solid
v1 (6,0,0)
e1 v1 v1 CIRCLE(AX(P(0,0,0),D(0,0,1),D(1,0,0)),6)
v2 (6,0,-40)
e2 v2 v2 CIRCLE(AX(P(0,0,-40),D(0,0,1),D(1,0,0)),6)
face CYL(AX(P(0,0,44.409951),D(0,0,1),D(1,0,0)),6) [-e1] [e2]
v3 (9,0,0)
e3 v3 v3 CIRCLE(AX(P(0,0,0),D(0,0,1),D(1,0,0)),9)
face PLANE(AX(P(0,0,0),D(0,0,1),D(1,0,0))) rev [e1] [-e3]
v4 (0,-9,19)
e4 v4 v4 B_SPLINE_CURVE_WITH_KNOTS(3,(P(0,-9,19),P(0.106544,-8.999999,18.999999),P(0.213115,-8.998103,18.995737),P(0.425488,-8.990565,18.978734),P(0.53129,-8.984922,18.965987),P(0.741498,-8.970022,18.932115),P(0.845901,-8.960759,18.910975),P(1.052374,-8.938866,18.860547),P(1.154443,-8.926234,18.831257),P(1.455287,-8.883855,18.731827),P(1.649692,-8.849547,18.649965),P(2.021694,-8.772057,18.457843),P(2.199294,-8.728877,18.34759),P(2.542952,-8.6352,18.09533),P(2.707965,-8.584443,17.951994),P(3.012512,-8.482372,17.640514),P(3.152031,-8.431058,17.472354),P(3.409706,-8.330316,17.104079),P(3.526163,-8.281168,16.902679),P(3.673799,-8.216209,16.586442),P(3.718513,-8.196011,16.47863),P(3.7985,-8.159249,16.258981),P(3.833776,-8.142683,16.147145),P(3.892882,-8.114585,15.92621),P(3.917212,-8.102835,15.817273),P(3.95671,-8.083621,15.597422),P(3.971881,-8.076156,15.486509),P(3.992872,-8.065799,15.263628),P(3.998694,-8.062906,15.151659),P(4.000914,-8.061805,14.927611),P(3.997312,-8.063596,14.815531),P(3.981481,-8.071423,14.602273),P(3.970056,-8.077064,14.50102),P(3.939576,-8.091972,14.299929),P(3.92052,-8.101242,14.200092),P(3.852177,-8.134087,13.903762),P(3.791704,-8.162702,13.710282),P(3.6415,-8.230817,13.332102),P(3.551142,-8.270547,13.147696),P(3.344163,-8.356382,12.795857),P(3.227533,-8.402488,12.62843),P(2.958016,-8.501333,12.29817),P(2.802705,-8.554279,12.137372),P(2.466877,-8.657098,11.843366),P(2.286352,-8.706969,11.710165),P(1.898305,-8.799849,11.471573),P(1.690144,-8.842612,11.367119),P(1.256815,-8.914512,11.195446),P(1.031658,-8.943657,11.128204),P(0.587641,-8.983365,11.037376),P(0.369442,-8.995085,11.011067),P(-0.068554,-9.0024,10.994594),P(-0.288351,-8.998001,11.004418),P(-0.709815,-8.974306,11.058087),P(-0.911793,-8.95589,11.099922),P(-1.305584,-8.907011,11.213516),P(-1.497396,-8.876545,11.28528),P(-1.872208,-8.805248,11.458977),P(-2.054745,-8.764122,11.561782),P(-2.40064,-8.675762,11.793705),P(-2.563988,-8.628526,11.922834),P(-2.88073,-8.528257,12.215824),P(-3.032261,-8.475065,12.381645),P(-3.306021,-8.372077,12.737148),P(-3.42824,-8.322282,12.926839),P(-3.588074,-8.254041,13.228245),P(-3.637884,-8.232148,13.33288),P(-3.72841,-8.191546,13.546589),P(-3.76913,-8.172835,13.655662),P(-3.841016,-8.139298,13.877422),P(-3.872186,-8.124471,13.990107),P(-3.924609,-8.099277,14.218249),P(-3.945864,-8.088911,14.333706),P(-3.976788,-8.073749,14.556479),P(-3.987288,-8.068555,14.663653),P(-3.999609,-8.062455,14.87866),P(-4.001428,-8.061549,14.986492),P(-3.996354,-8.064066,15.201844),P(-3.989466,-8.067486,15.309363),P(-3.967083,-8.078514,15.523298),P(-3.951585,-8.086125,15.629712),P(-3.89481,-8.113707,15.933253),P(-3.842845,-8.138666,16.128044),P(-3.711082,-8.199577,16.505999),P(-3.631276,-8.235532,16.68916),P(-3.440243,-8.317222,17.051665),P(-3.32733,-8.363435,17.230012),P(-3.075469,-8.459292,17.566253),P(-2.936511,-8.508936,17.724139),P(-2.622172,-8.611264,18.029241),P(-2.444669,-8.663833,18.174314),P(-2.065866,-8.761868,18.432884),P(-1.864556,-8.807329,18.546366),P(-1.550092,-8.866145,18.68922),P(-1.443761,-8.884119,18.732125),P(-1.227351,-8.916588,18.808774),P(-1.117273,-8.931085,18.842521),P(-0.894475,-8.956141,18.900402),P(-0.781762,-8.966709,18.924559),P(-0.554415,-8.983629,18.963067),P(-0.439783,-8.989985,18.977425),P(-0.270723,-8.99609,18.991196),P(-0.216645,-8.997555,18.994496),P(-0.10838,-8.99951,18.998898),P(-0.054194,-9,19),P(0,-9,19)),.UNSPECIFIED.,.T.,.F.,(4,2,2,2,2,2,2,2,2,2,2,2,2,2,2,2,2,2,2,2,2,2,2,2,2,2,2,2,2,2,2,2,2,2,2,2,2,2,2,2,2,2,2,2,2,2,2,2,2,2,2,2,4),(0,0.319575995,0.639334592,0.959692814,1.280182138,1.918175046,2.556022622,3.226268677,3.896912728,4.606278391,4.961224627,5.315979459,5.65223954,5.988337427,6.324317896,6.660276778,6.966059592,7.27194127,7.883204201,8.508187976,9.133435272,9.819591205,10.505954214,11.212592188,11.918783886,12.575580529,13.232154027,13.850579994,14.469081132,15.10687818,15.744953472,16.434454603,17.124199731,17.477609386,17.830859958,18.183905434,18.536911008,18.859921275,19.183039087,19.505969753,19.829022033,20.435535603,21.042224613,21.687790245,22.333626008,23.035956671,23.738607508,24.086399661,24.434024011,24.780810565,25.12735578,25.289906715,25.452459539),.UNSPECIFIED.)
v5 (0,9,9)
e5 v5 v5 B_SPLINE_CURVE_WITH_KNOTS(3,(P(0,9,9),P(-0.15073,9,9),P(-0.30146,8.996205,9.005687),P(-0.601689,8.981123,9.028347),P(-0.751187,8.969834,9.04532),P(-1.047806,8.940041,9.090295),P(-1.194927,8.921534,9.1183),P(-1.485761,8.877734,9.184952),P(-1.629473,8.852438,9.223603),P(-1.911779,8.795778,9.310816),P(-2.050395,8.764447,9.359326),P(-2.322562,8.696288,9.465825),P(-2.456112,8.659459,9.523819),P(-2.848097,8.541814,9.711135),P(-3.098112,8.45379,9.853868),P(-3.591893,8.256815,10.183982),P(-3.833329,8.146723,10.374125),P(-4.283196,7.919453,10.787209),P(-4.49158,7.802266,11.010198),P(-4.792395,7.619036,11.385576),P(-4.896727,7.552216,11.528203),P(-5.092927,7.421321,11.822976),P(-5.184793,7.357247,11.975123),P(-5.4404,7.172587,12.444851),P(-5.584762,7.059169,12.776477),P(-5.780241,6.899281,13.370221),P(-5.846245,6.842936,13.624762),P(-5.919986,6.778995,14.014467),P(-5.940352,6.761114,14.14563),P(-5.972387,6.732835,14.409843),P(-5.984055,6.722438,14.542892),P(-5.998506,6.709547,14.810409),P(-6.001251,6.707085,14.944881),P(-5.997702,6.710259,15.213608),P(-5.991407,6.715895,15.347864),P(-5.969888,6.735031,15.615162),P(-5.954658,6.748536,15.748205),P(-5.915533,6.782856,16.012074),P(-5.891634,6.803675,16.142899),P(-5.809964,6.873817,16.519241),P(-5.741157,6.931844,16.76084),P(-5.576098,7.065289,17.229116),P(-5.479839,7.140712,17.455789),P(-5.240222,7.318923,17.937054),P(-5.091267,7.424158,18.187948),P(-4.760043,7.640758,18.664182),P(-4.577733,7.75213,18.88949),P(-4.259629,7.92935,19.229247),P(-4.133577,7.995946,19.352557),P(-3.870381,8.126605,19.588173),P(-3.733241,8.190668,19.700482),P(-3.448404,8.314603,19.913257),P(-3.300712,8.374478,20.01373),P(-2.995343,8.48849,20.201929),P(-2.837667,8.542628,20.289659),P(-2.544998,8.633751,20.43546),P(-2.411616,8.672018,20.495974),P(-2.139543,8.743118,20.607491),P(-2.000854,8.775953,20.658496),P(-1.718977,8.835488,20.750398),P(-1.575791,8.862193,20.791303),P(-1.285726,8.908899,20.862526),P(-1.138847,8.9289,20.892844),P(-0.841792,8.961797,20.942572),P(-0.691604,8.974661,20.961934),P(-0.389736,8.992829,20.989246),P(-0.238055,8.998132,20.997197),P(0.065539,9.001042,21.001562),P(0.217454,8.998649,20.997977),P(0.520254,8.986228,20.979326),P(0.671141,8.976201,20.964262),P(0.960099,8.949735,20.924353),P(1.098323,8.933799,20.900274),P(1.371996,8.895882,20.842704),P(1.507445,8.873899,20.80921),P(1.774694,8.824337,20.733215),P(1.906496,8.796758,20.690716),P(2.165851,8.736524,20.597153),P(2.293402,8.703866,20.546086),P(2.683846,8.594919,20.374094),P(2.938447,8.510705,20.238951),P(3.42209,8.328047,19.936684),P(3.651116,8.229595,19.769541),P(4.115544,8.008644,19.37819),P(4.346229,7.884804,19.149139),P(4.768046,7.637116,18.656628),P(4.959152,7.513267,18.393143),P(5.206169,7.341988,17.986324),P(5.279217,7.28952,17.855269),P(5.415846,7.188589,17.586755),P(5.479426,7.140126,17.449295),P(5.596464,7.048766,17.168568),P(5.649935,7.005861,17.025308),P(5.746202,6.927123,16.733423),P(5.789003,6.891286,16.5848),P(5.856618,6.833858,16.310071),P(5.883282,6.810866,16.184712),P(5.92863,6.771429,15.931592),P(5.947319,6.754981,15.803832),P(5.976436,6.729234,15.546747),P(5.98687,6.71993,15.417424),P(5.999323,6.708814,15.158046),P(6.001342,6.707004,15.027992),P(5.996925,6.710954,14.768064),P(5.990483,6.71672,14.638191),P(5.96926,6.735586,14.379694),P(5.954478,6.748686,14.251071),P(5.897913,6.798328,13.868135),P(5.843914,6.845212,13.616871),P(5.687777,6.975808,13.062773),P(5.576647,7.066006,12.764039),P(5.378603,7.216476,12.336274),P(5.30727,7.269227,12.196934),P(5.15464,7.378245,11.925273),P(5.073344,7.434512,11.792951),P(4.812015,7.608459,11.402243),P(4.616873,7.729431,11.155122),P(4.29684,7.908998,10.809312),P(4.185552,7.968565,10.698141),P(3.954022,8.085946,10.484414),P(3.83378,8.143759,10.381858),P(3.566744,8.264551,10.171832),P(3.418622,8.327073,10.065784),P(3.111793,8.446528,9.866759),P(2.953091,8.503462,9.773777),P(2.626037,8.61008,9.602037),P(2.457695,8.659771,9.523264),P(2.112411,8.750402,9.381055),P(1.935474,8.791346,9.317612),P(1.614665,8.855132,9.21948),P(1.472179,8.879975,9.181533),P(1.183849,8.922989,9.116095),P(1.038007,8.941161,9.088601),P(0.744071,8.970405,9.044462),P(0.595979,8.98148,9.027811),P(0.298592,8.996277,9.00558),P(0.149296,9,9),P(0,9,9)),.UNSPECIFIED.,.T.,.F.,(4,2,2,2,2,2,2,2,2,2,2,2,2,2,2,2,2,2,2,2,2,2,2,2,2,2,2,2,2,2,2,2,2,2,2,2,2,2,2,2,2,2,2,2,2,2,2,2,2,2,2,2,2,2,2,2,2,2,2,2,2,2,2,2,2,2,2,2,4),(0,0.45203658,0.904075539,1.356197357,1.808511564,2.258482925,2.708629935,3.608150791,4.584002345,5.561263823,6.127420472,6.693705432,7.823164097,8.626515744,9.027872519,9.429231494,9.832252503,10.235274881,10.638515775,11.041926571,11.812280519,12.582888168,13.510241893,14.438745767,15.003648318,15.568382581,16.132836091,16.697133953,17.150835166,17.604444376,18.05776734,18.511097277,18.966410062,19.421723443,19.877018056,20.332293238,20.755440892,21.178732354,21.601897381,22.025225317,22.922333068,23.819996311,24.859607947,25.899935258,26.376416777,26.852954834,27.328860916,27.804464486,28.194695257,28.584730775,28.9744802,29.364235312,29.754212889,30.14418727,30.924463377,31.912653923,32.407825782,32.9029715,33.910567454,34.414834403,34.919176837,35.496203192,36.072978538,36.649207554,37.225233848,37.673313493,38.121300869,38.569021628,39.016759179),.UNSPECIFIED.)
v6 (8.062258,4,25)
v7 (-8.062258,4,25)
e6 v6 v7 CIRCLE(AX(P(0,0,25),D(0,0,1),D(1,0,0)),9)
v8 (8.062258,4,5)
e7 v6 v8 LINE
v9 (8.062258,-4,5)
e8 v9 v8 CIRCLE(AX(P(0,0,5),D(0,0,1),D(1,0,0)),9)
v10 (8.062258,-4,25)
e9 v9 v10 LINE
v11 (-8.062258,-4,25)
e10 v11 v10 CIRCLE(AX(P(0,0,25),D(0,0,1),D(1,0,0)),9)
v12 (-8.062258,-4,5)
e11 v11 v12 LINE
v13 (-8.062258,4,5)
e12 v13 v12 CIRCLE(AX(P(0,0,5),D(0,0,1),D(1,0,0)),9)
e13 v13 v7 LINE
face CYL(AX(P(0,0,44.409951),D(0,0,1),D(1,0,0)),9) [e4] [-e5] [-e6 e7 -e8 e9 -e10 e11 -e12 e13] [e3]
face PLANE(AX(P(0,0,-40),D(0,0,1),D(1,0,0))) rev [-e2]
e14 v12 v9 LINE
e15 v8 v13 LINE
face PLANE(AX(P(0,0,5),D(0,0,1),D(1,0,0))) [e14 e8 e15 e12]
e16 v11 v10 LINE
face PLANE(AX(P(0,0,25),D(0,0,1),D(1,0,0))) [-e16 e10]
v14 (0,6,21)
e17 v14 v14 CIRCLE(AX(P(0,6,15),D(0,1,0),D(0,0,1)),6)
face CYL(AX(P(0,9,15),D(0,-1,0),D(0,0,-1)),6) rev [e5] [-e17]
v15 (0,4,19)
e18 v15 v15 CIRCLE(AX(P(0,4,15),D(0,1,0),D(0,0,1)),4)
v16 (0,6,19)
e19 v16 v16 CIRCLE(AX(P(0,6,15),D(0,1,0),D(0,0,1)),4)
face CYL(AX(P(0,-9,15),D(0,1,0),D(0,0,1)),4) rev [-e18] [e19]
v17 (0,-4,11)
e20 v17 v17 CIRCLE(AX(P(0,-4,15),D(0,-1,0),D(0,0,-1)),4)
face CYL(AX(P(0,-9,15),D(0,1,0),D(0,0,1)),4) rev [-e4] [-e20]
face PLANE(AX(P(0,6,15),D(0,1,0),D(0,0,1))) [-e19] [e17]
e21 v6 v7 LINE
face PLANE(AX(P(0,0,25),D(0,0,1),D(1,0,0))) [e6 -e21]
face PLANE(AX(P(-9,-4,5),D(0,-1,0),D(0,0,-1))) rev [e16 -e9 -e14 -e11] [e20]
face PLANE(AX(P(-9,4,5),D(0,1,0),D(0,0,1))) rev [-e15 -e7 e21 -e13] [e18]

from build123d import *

# Parameters (mm, degrees)
SZKIC2_W                        = 18
SZKIC2_H                        = 8
WYTNIJ_WYCI_GNI_CIE1_DEPTH      = 20
WYTNIJ_WYCI_GNI_CIE2_DEPTH      = 42.976183724
WYTNIJ_WYCI_GNI_CIE2_DEPTH_BACK = 42.976183724
SZKIC3_R                        = 4
WYTNIJ_WYCI_GNI_CIE3_START      = 6
SZKIC3_4_R                      = 6
SZKIC3_4_R_2                    = 4
WYTNIJ_WYCI_GNI_CIE3_DEPTH      = 36.976183767


with BuildPart() as part:
    # Szkic1 → Obrót1 (revolve)
    with BuildSketch(Plane(origin=(0, 0, 0), x_dir=(1, 0, 0), z_dir=(0, 1, 0))):
        Polygon((0, -25), (9, -25), (9, 0), (6, 0), (6, 40), (0, 40), align=None)
    revolve(axis=Axis((0, 0, 44.409951059), (0, 0, -1)))

    # Szkic2 → Wytnij-wyciągnięcie1 (cut)
    with BuildSketch(Plane.XY.offset(25)):
        Rectangle(SZKIC2_W, SZKIC2_H)
    extrude(amount=-WYTNIJ_WYCI_GNI_CIE1_DEPTH, mode=Mode.SUBTRACT)

    # Szkic3 → Wytnij-wyciągnięcie2 (cut, two sides: drawn at the far end of the back side and taken through both)
    with BuildSketch(Plane(origin=(0, 0, 0), x_dir=(1, 0, 0), z_dir=(0, 1, 0)).offset(-WYTNIJ_WYCI_GNI_CIE2_DEPTH_BACK)):
        with Locations((0, -15)):
            Circle(SZKIC3_R)
    extrude(amount=WYTNIJ_WYCI_GNI_CIE2_DEPTH + WYTNIJ_WYCI_GNI_CIE2_DEPTH_BACK, mode=Mode.SUBTRACT)

    # Szkic3<4> → Wytnij-wyciągnięcie3 (cut, through all)
    with BuildSketch(Plane(origin=(0, 0, 0), x_dir=(1, 0, 0), z_dir=(0, 1, 0)).offset(WYTNIJ_WYCI_GNI_CIE3_START)):
        with Locations((0, -15)):
            Circle(SZKIC3_4_R)
        with Locations((0, -15)):
            Circle(SZKIC3_4_R_2, mode=Mode.SUBTRACT)
    extrude(amount=WYTNIJ_WYCI_GNI_CIE3_DEPTH, mode=Mode.SUBTRACT)


solid = part.part
